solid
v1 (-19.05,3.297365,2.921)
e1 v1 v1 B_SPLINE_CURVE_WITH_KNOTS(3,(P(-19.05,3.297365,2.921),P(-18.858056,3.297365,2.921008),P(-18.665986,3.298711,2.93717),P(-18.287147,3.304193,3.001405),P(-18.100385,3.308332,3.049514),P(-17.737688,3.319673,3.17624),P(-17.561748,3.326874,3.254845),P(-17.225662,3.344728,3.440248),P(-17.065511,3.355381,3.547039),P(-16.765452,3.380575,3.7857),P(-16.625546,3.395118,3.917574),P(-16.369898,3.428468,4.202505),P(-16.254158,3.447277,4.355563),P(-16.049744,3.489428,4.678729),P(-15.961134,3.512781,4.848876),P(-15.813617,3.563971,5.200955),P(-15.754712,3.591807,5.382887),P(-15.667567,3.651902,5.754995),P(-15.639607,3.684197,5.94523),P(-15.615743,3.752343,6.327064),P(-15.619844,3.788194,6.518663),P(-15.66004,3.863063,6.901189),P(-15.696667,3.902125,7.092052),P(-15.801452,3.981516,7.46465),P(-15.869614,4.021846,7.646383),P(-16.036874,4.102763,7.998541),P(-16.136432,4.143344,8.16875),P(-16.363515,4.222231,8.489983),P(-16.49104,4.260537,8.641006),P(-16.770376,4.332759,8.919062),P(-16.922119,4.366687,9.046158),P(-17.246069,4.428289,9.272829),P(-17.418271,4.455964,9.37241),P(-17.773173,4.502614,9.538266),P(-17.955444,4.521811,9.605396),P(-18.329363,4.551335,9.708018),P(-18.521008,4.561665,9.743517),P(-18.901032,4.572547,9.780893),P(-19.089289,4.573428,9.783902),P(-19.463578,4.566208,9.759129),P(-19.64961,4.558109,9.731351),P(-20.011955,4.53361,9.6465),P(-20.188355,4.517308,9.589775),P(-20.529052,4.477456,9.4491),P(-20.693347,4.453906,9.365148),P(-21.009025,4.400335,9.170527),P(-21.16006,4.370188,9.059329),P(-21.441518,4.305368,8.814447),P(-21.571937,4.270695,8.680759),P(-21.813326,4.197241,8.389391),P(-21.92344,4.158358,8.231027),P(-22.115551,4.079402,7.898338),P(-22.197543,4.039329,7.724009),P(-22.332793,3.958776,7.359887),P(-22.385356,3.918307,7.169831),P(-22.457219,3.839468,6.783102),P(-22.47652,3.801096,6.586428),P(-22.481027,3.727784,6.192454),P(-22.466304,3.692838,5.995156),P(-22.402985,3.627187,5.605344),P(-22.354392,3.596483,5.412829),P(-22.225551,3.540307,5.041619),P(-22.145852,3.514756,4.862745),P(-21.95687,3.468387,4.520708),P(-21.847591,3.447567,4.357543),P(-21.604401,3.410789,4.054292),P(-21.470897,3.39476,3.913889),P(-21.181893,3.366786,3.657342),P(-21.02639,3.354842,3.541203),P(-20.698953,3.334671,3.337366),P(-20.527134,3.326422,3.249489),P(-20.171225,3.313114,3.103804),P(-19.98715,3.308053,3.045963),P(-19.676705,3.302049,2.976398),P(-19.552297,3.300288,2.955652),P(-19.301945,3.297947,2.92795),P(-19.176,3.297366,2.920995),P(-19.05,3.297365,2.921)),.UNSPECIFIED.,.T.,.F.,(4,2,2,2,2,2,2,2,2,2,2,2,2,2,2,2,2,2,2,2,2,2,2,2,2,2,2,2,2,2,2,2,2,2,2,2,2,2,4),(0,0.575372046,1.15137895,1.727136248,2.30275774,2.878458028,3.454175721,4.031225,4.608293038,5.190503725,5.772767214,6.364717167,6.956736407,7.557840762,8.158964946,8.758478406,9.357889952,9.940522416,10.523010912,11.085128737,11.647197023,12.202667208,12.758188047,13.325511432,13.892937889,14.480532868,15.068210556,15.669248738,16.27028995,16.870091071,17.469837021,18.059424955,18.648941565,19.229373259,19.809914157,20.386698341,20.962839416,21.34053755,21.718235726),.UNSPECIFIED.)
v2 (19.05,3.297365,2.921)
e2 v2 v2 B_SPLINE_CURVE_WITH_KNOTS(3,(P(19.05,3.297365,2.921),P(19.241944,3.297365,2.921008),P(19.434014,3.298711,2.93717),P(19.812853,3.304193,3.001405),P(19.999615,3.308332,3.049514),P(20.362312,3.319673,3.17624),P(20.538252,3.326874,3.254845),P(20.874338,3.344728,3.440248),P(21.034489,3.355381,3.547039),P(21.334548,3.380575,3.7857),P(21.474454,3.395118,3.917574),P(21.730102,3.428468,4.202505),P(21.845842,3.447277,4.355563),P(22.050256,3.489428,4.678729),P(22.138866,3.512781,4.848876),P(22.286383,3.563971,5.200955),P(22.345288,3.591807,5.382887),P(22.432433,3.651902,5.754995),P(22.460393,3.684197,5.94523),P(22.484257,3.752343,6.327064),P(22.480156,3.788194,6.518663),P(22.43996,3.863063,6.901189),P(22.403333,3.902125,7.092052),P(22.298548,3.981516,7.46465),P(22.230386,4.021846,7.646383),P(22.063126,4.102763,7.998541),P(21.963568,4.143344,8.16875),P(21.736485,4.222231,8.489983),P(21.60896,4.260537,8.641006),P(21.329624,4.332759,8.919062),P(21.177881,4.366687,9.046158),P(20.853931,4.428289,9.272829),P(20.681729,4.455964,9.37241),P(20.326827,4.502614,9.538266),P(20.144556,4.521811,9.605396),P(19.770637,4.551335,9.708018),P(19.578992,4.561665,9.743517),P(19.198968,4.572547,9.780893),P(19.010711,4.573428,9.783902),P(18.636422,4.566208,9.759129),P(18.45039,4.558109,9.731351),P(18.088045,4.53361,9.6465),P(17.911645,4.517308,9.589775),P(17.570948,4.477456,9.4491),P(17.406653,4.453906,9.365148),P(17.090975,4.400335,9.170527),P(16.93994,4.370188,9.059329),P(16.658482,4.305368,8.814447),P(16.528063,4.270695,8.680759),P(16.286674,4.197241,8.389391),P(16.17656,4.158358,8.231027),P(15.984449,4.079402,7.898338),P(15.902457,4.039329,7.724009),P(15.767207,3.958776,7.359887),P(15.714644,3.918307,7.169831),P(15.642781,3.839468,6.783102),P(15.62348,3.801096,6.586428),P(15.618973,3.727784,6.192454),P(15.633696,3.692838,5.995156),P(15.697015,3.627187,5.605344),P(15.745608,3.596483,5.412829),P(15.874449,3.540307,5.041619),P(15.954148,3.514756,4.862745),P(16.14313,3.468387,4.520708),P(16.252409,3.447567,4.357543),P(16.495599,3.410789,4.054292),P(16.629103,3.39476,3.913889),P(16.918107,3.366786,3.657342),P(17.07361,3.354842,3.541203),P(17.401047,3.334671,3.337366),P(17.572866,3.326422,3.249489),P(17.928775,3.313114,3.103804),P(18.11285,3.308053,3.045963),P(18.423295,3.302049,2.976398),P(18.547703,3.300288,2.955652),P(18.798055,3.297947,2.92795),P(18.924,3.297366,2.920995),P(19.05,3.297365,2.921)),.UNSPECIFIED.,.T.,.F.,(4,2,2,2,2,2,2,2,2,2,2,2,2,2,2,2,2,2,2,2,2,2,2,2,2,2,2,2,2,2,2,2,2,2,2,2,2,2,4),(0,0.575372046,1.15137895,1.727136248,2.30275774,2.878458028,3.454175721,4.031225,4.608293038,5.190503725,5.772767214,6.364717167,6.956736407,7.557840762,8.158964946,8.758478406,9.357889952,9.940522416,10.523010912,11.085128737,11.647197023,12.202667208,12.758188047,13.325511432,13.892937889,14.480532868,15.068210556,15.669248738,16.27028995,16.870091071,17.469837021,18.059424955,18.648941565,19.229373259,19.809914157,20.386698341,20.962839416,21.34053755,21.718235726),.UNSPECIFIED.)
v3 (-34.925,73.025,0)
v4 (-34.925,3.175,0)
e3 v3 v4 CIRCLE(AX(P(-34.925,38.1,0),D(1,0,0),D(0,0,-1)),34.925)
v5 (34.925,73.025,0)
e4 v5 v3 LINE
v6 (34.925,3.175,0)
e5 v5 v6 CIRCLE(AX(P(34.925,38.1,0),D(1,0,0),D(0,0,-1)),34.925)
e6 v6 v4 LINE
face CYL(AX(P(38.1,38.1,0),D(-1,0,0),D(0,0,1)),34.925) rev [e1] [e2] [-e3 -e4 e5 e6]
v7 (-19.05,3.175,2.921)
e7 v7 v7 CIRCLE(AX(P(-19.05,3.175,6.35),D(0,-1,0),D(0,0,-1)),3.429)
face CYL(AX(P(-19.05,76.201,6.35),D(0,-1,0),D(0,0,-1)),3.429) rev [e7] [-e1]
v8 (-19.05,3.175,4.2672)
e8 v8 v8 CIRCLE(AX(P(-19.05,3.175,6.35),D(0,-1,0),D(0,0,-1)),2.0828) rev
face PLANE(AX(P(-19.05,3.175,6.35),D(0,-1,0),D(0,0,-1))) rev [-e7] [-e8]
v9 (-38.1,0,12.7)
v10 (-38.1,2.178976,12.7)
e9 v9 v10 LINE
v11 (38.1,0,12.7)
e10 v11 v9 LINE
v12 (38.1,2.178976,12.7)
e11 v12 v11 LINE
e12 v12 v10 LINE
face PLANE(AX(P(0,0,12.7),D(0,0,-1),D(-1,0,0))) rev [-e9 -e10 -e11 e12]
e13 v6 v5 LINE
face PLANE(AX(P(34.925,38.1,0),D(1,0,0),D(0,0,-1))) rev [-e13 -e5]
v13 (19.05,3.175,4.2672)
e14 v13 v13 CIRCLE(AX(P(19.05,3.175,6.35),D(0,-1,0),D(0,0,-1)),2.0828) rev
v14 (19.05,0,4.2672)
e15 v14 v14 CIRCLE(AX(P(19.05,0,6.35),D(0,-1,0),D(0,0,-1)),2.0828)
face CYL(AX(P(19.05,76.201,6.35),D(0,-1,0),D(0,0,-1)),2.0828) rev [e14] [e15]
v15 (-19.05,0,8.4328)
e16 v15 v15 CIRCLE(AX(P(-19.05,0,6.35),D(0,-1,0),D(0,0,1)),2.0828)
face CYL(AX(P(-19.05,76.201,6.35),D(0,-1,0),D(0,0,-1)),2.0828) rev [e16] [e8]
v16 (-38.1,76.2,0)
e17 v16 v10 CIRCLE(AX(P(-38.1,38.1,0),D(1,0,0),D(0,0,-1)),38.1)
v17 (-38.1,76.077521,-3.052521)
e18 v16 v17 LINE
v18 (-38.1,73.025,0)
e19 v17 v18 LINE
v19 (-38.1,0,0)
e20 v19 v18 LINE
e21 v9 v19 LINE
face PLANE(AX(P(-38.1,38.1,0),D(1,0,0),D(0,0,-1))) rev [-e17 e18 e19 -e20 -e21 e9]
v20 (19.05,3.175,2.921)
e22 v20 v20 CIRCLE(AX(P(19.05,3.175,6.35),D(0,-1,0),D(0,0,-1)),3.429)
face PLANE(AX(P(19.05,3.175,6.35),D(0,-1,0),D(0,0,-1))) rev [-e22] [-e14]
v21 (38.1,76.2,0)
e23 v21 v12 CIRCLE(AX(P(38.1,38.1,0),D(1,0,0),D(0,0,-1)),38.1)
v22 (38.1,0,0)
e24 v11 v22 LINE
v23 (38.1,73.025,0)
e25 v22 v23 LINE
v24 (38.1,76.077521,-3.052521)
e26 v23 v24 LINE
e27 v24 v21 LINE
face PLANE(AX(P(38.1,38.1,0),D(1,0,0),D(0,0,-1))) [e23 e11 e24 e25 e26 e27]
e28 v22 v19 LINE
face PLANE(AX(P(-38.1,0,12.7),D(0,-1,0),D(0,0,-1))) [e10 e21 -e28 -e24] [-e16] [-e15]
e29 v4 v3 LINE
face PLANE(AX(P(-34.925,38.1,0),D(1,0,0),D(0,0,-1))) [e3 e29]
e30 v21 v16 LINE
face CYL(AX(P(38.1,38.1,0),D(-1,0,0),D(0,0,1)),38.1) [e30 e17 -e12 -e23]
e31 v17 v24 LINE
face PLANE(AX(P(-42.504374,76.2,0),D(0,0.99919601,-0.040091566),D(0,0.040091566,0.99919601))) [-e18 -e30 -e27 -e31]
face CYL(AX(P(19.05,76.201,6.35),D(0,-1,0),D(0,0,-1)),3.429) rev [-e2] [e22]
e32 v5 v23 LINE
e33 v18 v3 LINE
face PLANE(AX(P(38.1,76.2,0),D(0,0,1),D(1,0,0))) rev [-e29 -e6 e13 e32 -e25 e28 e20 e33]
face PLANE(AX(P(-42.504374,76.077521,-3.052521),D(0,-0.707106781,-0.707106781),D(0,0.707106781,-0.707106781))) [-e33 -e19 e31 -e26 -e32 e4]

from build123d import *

# Parameters (mm, degrees)
BOSS_EXTRUDE1_DEPTH = 38.1
SHELL1_T            = -3.175
SKETCH7_W           = 76.2
SKETCH7_H           = 3.175
BOSS_EXTRUDE2_DEPTH = 12.7
BOSS_EXTRUDE3_DEPTH = 76.2
CUT_EXTRUDE3_REACH  = 78.2
SKETCH10_R          = 2.0828
CUT_EXTRUDE4_REACH  = 81.375
CUT_EXTRUDE4_START  = -3.175
SKETCH11_R          = 3.429


with BuildPart() as part:
    # Sketch2 → Boss-Extrude1 (new body, symmetric)
    with BuildSketch(Plane(origin=(0, 0, 0), x_dir=(0, 0, -1), z_dir=(1, 0, 0))):
        with BuildLine():
            Line((0, 0), (0, 38.1))
            Line((0, 38.1), (0, 76.2))
            ThreePointArc((0, 76.2), (-38.1, 38.1), (0, 0))
        make_face()
    extrude(amount=BOSS_EXTRUDE1_DEPTH, both=True)

    # Shell1
    shell1_openings = [part.faces().sort_by_distance(p)[0] for p in [
        (0, 38.1, 0),
    ]]
    offset(amount=SHELL1_T, openings=shell1_openings)

    # Sketch7 → Boss-Extrude2 (add)
    with BuildSketch(Plane(origin=(0, 0, 0), x_dir=(1, 0, 0), z_dir=(0, 0, -1))):
        with Locations((0, -1.5875)):
            Rectangle(SKETCH7_W, SKETCH7_H)
    extrude(amount=-BOSS_EXTRUDE2_DEPTH)

    # Sketch8 → Boss-Extrude3 (add)
    with BuildSketch(Plane(origin=(38.1, 0, 0), x_dir=(0, 0, -1), z_dir=(1, 0, 0))):
        Polygon((0, 73.025), (0, 76.2), (3.052521174, 76.077521174), align=None)
    extrude(amount=-BOSS_EXTRUDE3_DEPTH)

    # Sketch10 → Cut-Extrude3 (cut, up to next)
    with BuildSketch(Plane.XZ, mode=Mode.PRIVATE) as cut_extrude3_sk1:
        with Locations((19.05, 6.35)):
            Circle(SKETCH10_R)
    cut_extrude3_tool1 = extrude(cut_extrude3_sk1.sketch, amount=-CUT_EXTRUDE3_REACH, mode=Mode.PRIVATE) & part.part
    add(cut_extrude3_tool1.solids().sort_by_distance((19.05, 0, 6.35))[0], mode=Mode.SUBTRACT)
    # Sketch10 → Cut-Extrude3 (cut, up to next)
    with BuildSketch(Plane.XZ, mode=Mode.PRIVATE) as cut_extrude3_sk2:
        with Locations((-19.05, 6.35)):
            Circle(SKETCH10_R)
    cut_extrude3_tool2 = extrude(cut_extrude3_sk2.sketch, amount=-CUT_EXTRUDE3_REACH, mode=Mode.PRIVATE) & part.part
    add(cut_extrude3_tool2.solids().sort_by_distance((-19.05, 0, 6.35))[0], mode=Mode.SUBTRACT)

    # Sketch11 → Cut-Extrude4 (cut, up to next)
    with BuildSketch(Plane.XZ.offset(CUT_EXTRUDE4_START), mode=Mode.PRIVATE) as cut_extrude4_sk1:
        with Locations((19.05, 6.35)):
            Circle(SKETCH11_R)
    cut_extrude4_tool1 = extrude(cut_extrude4_sk1.sketch, amount=-CUT_EXTRUDE4_REACH, mode=Mode.PRIVATE) & part.part
    add(cut_extrude4_tool1.solids().sort_by_distance((19.05, 3.175, 6.35))[0], mode=Mode.SUBTRACT)
    # Sketch11 → Cut-Extrude4 (cut, up to next)
    with BuildSketch(Plane.XZ.offset(CUT_EXTRUDE4_START), mode=Mode.PRIVATE) as cut_extrude4_sk2:
        with Locations((-19.05, 6.35)):
            Circle(SKETCH11_R)
    cut_extrude4_tool2 = extrude(cut_extrude4_sk2.sketch, amount=-CUT_EXTRUDE4_REACH, mode=Mode.PRIVATE) & part.part
    add(cut_extrude4_tool2.solids().sort_by_distance((-19.05, 3.175, 6.35))[0], mode=Mode.SUBTRACT)


solid = part.part
